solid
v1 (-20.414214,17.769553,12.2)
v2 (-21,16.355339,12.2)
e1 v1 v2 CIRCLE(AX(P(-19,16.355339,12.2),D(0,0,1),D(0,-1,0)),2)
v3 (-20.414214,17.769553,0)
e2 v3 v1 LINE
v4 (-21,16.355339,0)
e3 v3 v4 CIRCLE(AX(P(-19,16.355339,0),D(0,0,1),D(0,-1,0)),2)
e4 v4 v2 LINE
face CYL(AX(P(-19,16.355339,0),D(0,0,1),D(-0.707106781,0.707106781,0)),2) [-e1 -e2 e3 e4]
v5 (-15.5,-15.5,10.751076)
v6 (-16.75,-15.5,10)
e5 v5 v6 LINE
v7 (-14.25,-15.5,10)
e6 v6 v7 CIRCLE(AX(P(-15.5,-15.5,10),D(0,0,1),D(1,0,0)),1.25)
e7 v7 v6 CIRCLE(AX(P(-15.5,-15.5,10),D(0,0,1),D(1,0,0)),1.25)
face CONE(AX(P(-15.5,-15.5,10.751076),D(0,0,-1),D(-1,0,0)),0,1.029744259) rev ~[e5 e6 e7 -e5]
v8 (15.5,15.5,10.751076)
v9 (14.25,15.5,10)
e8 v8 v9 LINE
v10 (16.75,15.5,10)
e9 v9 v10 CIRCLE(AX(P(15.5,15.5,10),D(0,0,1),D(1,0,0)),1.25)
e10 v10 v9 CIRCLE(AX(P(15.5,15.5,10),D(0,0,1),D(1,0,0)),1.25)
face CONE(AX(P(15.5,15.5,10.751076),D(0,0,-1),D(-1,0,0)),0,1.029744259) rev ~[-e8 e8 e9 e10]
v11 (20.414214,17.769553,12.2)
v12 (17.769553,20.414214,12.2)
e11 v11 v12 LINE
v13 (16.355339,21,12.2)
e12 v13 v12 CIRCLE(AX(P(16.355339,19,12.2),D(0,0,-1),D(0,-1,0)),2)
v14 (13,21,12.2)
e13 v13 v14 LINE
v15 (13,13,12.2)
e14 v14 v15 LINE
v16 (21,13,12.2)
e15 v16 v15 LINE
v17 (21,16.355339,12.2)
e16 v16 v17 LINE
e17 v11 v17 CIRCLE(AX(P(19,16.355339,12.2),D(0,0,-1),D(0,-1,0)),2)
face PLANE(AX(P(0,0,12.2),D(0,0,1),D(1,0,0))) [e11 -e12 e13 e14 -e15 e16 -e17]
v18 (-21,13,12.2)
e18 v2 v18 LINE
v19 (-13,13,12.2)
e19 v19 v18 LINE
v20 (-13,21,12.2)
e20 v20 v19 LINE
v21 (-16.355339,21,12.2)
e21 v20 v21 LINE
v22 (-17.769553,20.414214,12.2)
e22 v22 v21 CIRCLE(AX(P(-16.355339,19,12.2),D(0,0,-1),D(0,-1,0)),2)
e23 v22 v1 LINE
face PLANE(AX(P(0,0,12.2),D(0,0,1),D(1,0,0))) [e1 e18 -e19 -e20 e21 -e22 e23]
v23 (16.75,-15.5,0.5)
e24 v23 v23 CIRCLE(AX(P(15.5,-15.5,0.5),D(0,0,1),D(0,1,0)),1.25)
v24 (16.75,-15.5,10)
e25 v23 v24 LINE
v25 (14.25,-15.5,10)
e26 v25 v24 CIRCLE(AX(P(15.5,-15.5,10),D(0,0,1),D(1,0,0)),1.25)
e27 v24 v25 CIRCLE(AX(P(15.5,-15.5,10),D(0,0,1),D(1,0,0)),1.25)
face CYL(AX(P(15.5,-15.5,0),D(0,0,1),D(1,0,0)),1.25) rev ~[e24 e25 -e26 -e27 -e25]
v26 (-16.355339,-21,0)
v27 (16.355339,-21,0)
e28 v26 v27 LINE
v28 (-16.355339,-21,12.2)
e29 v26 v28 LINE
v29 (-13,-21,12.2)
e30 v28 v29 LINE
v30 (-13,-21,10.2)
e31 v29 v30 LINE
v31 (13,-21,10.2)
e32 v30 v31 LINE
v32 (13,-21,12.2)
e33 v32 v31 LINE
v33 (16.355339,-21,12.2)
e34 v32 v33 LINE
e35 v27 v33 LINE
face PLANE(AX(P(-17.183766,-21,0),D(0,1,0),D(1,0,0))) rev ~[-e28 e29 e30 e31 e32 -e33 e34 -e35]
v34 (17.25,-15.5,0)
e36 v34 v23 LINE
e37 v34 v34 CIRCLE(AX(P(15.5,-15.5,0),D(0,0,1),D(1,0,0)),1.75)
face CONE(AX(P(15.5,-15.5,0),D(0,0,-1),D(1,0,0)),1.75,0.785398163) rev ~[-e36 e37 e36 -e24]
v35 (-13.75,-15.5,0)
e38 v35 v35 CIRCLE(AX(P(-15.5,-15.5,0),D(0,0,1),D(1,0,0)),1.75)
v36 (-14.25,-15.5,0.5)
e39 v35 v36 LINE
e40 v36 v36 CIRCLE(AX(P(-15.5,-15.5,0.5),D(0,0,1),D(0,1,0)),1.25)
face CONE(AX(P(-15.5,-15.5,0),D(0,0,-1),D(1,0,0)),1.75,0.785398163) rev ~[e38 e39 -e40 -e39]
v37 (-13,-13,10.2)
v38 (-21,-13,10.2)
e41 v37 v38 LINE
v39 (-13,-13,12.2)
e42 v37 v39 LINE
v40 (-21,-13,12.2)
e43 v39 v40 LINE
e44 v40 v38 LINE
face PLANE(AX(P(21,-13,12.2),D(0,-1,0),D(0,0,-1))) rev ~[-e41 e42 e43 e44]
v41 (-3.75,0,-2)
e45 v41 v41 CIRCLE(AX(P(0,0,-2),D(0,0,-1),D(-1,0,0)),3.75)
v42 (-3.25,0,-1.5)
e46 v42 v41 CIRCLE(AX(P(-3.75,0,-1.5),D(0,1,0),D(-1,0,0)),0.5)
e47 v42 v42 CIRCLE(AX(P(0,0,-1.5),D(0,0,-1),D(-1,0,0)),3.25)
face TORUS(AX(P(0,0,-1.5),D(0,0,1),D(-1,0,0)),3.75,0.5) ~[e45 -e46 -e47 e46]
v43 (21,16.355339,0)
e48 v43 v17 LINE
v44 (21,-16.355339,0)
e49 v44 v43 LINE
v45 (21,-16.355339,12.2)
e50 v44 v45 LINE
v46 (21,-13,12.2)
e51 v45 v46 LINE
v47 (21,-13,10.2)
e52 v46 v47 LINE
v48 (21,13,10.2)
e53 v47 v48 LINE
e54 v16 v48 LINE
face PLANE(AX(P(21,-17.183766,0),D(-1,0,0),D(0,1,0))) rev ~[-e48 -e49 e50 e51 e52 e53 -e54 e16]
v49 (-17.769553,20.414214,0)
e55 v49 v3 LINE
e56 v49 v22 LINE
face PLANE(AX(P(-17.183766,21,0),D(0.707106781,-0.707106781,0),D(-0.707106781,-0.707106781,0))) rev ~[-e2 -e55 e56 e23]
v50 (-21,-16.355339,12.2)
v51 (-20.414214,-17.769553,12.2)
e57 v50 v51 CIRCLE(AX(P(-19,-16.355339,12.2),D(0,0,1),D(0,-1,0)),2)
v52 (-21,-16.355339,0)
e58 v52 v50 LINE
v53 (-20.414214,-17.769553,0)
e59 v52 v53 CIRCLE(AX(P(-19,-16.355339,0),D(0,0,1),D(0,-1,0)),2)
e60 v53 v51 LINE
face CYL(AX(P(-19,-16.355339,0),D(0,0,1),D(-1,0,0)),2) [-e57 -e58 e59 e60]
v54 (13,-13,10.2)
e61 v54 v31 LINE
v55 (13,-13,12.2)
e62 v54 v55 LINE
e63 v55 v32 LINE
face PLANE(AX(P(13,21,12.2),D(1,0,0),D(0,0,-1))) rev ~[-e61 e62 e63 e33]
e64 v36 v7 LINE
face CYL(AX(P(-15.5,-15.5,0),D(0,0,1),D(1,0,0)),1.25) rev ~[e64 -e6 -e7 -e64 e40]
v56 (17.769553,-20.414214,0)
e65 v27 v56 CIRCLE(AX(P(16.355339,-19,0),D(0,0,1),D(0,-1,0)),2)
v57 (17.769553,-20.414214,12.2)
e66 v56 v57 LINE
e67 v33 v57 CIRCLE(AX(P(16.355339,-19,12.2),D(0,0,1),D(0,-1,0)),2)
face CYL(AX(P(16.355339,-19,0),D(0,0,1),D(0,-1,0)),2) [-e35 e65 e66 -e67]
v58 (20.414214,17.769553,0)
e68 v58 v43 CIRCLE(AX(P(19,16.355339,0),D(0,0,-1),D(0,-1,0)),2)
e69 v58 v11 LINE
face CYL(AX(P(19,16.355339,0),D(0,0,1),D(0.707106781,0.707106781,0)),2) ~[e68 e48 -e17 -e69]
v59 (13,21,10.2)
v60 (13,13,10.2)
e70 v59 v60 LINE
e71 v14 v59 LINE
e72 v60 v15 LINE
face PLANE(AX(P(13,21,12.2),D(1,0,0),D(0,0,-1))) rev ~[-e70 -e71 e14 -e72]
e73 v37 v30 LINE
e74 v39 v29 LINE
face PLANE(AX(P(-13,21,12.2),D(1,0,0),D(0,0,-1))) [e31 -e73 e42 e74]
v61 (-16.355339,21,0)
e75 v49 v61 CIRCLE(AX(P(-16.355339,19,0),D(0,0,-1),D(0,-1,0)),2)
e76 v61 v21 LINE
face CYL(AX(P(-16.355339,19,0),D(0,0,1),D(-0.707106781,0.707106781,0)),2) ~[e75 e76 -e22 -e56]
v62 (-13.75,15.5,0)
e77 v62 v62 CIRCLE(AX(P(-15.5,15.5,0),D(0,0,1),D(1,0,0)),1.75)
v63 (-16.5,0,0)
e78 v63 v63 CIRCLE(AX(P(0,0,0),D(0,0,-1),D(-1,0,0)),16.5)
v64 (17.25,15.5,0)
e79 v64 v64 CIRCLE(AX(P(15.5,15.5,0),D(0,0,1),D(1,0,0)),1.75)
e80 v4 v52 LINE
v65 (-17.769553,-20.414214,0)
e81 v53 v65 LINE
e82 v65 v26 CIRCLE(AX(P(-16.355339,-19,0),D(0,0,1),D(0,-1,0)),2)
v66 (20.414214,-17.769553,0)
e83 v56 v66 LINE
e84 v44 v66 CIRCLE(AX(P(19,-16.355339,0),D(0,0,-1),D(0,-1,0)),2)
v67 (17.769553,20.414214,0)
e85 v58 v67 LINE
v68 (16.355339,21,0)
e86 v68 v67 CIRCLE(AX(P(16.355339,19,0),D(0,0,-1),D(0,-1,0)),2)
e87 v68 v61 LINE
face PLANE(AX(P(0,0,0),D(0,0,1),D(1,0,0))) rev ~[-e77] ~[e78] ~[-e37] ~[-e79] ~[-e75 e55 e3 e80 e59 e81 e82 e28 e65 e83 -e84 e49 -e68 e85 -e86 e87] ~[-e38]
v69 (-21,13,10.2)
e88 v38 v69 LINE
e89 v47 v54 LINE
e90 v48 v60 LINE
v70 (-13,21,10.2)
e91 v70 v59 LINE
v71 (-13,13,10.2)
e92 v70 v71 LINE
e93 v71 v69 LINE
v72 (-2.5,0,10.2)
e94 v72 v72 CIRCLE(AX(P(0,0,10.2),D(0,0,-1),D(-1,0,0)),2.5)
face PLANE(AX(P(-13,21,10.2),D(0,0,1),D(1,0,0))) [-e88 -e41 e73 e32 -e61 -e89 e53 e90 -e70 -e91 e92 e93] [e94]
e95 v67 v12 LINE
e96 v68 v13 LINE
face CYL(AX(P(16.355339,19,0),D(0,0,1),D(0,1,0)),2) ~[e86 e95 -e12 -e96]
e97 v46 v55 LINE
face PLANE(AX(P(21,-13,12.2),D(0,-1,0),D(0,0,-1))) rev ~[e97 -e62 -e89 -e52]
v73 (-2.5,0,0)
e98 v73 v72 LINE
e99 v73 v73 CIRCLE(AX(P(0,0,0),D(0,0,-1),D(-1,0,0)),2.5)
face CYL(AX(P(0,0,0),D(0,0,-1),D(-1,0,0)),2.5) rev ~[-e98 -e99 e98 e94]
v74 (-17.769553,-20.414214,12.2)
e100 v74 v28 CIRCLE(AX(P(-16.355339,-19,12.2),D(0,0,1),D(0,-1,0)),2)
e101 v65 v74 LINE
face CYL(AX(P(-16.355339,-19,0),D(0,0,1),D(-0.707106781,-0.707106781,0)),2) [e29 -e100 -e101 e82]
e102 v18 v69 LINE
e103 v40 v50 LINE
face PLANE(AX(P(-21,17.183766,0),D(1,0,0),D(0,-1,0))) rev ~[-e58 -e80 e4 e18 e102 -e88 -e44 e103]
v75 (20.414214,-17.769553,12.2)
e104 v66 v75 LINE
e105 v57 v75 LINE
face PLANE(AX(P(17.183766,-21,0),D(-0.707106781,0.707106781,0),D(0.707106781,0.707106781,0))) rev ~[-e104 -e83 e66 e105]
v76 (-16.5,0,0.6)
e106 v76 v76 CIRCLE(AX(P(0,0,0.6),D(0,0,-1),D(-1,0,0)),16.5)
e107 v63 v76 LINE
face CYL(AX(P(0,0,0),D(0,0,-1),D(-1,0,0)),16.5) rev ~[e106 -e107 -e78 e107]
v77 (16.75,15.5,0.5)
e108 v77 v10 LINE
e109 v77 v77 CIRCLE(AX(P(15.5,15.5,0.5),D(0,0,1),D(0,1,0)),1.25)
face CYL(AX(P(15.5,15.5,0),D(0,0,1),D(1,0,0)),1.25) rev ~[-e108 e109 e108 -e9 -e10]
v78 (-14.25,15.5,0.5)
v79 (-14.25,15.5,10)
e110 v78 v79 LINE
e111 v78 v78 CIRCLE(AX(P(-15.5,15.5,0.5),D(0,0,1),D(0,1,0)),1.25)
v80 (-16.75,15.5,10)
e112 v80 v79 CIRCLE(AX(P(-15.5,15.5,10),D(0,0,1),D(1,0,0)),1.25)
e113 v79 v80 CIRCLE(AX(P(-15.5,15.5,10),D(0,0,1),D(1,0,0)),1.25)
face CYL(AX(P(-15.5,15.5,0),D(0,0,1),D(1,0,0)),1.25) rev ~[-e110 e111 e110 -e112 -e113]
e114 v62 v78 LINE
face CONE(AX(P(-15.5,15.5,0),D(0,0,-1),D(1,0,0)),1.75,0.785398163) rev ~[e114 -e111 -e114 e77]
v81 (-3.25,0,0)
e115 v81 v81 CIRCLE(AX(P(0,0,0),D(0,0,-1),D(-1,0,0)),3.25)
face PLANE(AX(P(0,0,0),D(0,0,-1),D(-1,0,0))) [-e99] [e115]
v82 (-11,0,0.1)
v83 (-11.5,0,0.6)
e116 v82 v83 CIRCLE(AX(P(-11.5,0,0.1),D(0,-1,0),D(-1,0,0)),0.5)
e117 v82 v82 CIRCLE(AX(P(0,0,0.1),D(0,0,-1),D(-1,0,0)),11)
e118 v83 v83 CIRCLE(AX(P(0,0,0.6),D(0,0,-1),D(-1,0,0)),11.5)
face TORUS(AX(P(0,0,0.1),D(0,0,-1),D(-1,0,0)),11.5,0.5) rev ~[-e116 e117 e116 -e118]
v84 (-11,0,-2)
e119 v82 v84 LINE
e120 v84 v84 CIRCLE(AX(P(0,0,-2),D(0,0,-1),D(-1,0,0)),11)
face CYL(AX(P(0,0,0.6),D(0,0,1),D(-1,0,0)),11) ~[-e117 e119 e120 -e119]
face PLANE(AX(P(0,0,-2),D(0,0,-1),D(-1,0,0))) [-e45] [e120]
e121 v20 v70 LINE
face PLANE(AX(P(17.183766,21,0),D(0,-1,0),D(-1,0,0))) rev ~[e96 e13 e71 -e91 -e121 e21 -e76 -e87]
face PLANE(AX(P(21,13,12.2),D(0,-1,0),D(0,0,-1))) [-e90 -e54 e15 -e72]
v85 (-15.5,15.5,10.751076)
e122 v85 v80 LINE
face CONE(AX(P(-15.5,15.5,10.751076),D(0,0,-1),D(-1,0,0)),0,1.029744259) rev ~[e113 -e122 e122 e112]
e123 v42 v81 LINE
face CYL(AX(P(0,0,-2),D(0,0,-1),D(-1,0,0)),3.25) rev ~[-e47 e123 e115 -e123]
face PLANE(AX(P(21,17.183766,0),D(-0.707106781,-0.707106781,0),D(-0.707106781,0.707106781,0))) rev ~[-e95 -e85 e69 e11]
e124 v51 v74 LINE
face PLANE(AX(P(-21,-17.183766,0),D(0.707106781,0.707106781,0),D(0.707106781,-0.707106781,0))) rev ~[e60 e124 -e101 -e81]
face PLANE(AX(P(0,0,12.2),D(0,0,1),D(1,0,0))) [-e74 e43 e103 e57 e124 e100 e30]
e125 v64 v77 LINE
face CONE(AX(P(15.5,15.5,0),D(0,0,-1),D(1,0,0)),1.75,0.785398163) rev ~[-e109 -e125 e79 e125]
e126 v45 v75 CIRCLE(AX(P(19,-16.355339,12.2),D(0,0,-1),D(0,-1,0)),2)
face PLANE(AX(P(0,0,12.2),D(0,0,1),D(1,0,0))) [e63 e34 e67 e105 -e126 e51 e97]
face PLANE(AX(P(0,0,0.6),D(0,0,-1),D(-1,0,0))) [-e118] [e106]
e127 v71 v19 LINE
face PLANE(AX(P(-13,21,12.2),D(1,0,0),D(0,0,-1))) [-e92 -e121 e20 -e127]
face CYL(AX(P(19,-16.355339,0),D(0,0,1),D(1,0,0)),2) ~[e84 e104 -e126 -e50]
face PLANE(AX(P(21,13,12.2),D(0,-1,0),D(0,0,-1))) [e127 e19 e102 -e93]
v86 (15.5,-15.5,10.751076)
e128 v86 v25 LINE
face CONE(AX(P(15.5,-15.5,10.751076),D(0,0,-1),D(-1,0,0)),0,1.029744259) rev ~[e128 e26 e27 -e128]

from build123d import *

# Parameters (mm, degrees)
BOSS_EXTRUDE1_DEPTH             = 12.2
SKETCH2_W                       = 2
SKETCH2_H                       = 26
CUT_EXTRUDE1_DEPTH              = 49.516388984
SKETCH3_W                       = 26
SKETCH3_H                       = 2
CUT_EXTRUDE2_DEPTH              = 49.516388984
SKETCH4_R                       = 16.5
CUT_EXTRUDE3_DEPTH              = 0.6
SKETCH5_R                       = 11
BOSS_EXTRUDE2_DEPTH             = 2.6
SKETCH6_R                       = 3.25
CUT_EXTRUDE4_DEPTH              = 2
SKETCH7_R                       = 2.5
CUT_EXTRUDE5_DEPTH              = 33.106697121
FILLET1_R                       = 0.5
FILLET3_R                       = 0.5
FILLET4_R                       = 2
M3X0_5_TAPPED_HOLE1_D           = 2.5
M3X0_5_TAPPED_HOLE1_DEPTH       = 10
M3X0_5_TAPPED_HOLE1_CSINK_D     = 3.5
M3X0_5_TAPPED_HOLE1_CSINK_ANGLE = 90
M3X0_5_TAPPED_HOLE1_TIP         = 0.751075774


with BuildPart() as part:
    # Sketch1 → Boss-Extrude1 (new body)
    with BuildSketch(Plane.XY):
        Polygon((-17.183766184, 21), (-21, 17.183766184), (-21, -17.183766184), (-17.183766184, -21), (17.183766184, -21), (21, -17.183766184), (21, 17.183766184), (17.183766184, 21), align=None)
    extrude(amount=BOSS_EXTRUDE1_DEPTH)

    # Sketch2 → Cut-Extrude1 (cut, through all)
    with BuildSketch(Plane(origin=(21, 0, 0), x_dir=(0, 0, -1), z_dir=(1, 0, 0))):
        with Locations((-11.2, 0)):
            Rectangle(SKETCH2_W, SKETCH2_H)
    extrude(amount=-CUT_EXTRUDE1_DEPTH, mode=Mode.SUBTRACT)

    # Sketch3 → Cut-Extrude2 (cut, through all)
    with BuildSketch(Plane(origin=(0, 21, 0), x_dir=(1, 0, 0), z_dir=(0, 1, 0))):
        with Locations((0, -11.2)):
            Rectangle(SKETCH3_W, SKETCH3_H)
    extrude(amount=-CUT_EXTRUDE2_DEPTH, mode=Mode.SUBTRACT)

    # Sketch4 → Cut-Extrude3 (cut)
    with BuildSketch(Plane(origin=(0, 0, 0), x_dir=(-1, 0, 0), z_dir=(0, 0, -1))):
        Circle(SKETCH4_R)
    extrude(amount=-CUT_EXTRUDE3_DEPTH, mode=Mode.SUBTRACT)

    # Sketch5 → Boss-Extrude2 (add)
    with BuildSketch(Plane(origin=(0, 0, 0.6), x_dir=(-1, 0, 0), z_dir=(0, 0, -1))):
        Circle(SKETCH5_R)
    extrude(amount=BOSS_EXTRUDE2_DEPTH)

    # Sketch6 → Cut-Extrude4 (cut)
    with BuildSketch(Plane(origin=(0, 0, -2), x_dir=(-1, 0, 0), z_dir=(0, 0, -1))):
        Circle(SKETCH6_R)
    extrude(amount=-CUT_EXTRUDE4_DEPTH, mode=Mode.SUBTRACT)

    # Sketch7 → Cut-Extrude5 (cut, through all)
    with BuildSketch(Plane(origin=(0, 0, 0), x_dir=(-1, 0, 0), z_dir=(0, 0, -1))):
        Circle(SKETCH7_R)
    extrude(amount=-CUT_EXTRUDE5_DEPTH, mode=Mode.SUBTRACT)

    # Fillet1
    fillet1_edges = [part.edges().sort_by_distance(p)[0] for p in [
        (3.25, 0, -2),
    ]]
    fillet(fillet1_edges, radius=FILLET1_R)

    # Fillet3
    fillet3_edges = [part.edges().sort_by_distance(p)[0] for p in [
        (11, 0, 0.6),
    ]]
    fillet(fillet3_edges, radius=FILLET3_R)

    # Fillet4
    fillet4_edges = [part.edges().sort_by_distance(p)[0] for p in [
        (17.183766184, 21, 6.1),
        (21, 17.183766184, 6.1),
        (21, -17.183766184, 6.1),
        (17.183766184, -21, 6.1),
        (-17.183766184, -21, 6.1),
        (-21, -17.183766184, 6.1),
        (-21, 17.183766184, 6.1),
        (-17.183766184, 21, 6.1),
    ]]
    fillet(fillet4_edges, radius=FILLET4_R)

    # M3x0.5 Tapped Hole1
    with Locations(Plane(origin=(0, 0, 0), x_dir=(-1, 0, 0), z_dir=(0, 0, -1))):
        with Locations((-15.5, -15.5), (-15.5, 15.5), (15.5, 15.5), (15.5, -15.5)):
            CounterSinkHole(M3X0_5_TAPPED_HOLE1_D / 2, M3X0_5_TAPPED_HOLE1_CSINK_D / 2, depth=M3X0_5_TAPPED_HOLE1_DEPTH, counter_sink_angle=M3X0_5_TAPPED_HOLE1_CSINK_ANGLE)
            with Locations((0, 0, -(M3X0_5_TAPPED_HOLE1_DEPTH + M3X0_5_TAPPED_HOLE1_TIP / 2))):  # 118° drill point
                Cone(0, M3X0_5_TAPPED_HOLE1_D / 2, M3X0_5_TAPPED_HOLE1_TIP, mode=Mode.SUBTRACT)


solid = part.part
